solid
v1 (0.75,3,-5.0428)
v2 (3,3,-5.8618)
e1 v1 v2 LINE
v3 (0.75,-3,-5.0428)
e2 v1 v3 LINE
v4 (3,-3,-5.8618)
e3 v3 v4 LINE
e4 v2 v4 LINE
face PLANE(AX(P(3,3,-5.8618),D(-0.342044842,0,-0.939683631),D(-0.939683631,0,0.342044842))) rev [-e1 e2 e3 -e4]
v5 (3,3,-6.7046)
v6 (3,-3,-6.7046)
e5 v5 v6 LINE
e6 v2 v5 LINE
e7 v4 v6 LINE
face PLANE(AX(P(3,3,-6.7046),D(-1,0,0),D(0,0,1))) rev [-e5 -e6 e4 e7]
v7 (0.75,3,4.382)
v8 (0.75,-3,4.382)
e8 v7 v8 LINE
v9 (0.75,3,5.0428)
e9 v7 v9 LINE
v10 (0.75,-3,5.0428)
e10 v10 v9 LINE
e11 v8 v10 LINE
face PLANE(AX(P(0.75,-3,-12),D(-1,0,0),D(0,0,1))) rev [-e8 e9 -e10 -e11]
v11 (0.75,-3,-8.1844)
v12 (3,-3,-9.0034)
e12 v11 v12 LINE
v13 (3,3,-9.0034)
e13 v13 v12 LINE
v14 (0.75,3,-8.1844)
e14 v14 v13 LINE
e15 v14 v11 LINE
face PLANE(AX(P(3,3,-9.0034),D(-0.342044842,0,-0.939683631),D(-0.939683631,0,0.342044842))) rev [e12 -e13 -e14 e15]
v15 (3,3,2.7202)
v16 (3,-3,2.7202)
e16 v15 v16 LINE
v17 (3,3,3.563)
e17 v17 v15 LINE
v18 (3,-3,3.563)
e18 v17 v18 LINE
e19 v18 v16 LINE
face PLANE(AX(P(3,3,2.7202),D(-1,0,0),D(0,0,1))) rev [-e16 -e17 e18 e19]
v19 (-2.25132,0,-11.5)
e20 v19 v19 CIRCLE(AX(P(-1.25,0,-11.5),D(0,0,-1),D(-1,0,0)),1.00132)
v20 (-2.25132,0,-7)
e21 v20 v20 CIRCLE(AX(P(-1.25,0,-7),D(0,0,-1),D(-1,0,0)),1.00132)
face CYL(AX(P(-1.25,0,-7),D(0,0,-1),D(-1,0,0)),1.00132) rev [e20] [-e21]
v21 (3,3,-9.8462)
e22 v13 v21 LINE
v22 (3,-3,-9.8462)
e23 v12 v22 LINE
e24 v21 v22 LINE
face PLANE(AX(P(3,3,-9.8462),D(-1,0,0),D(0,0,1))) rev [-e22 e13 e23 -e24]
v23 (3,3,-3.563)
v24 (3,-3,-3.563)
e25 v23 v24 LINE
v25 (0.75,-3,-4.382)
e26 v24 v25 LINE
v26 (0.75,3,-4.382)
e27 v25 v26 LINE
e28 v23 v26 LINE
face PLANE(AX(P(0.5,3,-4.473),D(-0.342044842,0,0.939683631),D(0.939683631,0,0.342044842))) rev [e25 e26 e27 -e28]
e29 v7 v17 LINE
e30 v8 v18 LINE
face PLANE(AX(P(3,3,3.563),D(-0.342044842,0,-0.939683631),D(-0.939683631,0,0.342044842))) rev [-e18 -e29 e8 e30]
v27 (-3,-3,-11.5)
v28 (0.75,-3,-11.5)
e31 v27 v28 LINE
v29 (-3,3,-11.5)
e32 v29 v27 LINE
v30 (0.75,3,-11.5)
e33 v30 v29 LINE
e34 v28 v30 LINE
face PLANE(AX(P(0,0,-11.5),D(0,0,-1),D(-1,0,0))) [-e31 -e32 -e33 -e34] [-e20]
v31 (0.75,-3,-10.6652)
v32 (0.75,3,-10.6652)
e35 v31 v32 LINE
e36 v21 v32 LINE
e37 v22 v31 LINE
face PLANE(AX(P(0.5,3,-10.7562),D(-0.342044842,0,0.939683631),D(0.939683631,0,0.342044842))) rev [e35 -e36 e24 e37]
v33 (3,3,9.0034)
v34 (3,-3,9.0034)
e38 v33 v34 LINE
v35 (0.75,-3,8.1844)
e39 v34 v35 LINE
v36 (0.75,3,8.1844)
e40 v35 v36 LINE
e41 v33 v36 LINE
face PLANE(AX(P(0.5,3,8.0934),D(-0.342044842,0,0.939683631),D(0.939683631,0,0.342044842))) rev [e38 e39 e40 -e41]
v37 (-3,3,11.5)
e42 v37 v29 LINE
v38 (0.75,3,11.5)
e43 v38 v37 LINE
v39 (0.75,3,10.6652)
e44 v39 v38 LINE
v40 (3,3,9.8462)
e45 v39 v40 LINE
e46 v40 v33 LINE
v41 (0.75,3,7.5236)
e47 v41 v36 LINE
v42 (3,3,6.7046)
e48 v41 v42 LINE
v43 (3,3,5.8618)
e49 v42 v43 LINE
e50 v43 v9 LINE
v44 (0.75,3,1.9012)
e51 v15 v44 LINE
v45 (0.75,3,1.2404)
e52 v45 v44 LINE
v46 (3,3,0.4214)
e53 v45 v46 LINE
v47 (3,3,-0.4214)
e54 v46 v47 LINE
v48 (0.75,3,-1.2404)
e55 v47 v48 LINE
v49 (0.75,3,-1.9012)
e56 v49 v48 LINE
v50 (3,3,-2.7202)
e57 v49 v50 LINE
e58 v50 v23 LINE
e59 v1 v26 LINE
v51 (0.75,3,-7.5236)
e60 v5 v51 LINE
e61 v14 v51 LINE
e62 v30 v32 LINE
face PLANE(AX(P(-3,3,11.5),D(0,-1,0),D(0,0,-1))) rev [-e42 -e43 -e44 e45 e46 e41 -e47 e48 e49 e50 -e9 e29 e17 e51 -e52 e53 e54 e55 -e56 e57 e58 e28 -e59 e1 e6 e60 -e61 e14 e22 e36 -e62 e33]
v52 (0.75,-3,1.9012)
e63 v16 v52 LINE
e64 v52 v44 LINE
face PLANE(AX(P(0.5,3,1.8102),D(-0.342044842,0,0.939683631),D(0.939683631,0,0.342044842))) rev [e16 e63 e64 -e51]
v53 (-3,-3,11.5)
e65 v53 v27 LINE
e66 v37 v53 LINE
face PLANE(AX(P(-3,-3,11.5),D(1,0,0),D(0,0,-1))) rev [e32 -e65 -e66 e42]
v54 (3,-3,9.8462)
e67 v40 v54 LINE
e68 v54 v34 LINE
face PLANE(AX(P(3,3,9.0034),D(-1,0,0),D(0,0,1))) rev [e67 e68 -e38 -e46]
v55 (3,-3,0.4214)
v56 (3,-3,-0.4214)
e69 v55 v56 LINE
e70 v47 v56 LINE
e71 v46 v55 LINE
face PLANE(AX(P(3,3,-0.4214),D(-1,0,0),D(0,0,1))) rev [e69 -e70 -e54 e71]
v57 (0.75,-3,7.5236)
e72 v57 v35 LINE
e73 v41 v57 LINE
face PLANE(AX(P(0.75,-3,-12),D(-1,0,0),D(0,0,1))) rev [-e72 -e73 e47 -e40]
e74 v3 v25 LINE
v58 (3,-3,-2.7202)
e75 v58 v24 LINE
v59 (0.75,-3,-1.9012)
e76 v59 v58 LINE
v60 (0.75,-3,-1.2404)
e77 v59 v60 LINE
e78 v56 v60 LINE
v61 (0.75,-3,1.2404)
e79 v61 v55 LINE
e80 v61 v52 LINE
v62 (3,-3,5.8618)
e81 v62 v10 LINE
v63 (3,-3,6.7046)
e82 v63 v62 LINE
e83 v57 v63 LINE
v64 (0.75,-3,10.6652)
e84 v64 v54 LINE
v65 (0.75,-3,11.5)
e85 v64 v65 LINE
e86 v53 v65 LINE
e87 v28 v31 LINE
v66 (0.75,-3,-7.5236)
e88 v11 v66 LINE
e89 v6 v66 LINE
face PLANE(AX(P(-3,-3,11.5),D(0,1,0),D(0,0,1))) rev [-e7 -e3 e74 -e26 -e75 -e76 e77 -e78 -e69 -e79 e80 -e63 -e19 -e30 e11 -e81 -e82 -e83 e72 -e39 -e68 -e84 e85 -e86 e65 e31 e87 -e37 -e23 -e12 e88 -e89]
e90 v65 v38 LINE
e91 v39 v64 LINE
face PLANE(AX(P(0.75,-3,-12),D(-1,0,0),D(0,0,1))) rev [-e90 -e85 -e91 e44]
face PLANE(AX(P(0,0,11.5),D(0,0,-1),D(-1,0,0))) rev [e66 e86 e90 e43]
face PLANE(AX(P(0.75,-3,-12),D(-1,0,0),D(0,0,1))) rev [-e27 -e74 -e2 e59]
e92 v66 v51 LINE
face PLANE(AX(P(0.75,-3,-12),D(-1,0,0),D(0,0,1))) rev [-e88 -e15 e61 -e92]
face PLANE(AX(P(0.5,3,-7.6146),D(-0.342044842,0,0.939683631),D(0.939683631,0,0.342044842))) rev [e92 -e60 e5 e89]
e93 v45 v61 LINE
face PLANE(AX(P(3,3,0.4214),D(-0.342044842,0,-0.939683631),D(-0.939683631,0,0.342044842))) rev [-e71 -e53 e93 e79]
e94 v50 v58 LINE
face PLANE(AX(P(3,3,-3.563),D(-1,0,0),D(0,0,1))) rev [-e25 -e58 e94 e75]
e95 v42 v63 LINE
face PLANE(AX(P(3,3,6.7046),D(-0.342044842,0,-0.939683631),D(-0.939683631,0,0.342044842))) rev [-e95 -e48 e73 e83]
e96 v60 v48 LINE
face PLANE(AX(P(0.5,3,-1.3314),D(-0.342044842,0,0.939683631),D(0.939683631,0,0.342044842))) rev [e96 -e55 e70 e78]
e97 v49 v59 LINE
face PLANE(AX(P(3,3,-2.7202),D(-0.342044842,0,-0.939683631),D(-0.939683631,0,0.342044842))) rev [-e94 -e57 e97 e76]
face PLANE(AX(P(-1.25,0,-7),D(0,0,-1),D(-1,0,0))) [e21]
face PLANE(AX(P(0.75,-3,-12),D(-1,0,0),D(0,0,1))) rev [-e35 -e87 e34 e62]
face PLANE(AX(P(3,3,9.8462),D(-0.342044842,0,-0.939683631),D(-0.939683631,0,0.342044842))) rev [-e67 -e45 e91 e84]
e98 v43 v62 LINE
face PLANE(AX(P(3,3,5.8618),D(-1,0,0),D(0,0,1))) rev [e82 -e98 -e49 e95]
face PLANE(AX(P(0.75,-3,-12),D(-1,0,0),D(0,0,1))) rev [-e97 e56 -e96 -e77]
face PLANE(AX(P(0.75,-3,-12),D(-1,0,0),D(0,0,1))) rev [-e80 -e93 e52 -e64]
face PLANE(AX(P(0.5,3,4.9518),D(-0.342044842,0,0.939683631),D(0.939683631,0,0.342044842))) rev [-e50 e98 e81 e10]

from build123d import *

# Parameters (mm, degrees)
SKETCH10_W                = 6
SKETCH10_H                = 6
RACK_BAR_DEPTH            = 11.5
RACK_ROOT_STEP_DEPTH      = 13.257650672
RACK_ROOT_STEP_DEPTH_BACK = 13.257650672
SKETCH12_W                = 2.75
SKETCH12_H                = 24
RACK_TEETH_DEPTH          = 3
SKETCH15_R                = 1.001320398
CUT_EXTRUDE2_DEPTH        = 4.5


with BuildPart() as part:
    # Sketch10 → RACK_BAR (new, symmetric)
    with BuildSketch(Plane.XY):
        Rectangle(SKETCH10_W, SKETCH10_H)
    extrude(amount=RACK_BAR_DEPTH, both=True)

    # Sketch12 → RACK_ROOT_STEP (cut, two sides: drawn at the far end of the back side and taken through both)
    with BuildSketch(Plane(origin=(0, 0, 0), x_dir=(1, 0, 0), z_dir=(0, 1, 0)).offset(-RACK_ROOT_STEP_DEPTH_BACK)):
        with Locations((2.125, 0)):
            Rectangle(SKETCH12_W, SKETCH12_H)
    extrude(amount=RACK_ROOT_STEP_DEPTH + RACK_ROOT_STEP_DEPTH_BACK, mode=Mode.SUBTRACT)

    # Sketch13 → RACK_TEETH (add, symmetric)
    with BuildSketch(Plane(origin=(0, 0, 0), x_dir=(1, 0, 0), z_dir=(0, 1, 0))):
        Polygon((0.5, 1.3314), (3, 0.4214), (3, -0.4214), (0.5, -1.3314), align=None)
        Polygon((0.5, 4.473), (3, 3.563), (3, 2.7202), (0.5, 1.8102), align=None)
        Polygon((0.5, -1.8102), (3, -2.7202), (3, -3.563), (0.5, -4.473), align=None)
        Polygon((0.5, 7.6146), (3, 6.7046), (3, 5.8618), (0.5, 4.9518), align=None)
        Polygon((0.5, -4.9518), (3, -5.8618), (3, -6.7046), (0.5, -7.6146), align=None)
        Polygon((0.5, 10.7562), (3, 9.8462), (3, 9.0034), (0.5, 8.0934), align=None)
        Polygon((0.5, -8.0934), (3, -9.0034), (3, -9.8462), (0.5, -10.7562), align=None)
    extrude(amount=RACK_TEETH_DEPTH, both=True)

    # Sketch15 → Cut-Extrude2 (cut)
    with BuildSketch(Plane(origin=(0, 0, -11.5), x_dir=(-1, 0, 0), z_dir=(0, 0, -1))):
        with Locations((1.25, 0)):
            Circle(SKETCH15_R)
    extrude(amount=-CUT_EXTRUDE2_DEPTH, mode=Mode.SUBTRACT)


solid = part.part
